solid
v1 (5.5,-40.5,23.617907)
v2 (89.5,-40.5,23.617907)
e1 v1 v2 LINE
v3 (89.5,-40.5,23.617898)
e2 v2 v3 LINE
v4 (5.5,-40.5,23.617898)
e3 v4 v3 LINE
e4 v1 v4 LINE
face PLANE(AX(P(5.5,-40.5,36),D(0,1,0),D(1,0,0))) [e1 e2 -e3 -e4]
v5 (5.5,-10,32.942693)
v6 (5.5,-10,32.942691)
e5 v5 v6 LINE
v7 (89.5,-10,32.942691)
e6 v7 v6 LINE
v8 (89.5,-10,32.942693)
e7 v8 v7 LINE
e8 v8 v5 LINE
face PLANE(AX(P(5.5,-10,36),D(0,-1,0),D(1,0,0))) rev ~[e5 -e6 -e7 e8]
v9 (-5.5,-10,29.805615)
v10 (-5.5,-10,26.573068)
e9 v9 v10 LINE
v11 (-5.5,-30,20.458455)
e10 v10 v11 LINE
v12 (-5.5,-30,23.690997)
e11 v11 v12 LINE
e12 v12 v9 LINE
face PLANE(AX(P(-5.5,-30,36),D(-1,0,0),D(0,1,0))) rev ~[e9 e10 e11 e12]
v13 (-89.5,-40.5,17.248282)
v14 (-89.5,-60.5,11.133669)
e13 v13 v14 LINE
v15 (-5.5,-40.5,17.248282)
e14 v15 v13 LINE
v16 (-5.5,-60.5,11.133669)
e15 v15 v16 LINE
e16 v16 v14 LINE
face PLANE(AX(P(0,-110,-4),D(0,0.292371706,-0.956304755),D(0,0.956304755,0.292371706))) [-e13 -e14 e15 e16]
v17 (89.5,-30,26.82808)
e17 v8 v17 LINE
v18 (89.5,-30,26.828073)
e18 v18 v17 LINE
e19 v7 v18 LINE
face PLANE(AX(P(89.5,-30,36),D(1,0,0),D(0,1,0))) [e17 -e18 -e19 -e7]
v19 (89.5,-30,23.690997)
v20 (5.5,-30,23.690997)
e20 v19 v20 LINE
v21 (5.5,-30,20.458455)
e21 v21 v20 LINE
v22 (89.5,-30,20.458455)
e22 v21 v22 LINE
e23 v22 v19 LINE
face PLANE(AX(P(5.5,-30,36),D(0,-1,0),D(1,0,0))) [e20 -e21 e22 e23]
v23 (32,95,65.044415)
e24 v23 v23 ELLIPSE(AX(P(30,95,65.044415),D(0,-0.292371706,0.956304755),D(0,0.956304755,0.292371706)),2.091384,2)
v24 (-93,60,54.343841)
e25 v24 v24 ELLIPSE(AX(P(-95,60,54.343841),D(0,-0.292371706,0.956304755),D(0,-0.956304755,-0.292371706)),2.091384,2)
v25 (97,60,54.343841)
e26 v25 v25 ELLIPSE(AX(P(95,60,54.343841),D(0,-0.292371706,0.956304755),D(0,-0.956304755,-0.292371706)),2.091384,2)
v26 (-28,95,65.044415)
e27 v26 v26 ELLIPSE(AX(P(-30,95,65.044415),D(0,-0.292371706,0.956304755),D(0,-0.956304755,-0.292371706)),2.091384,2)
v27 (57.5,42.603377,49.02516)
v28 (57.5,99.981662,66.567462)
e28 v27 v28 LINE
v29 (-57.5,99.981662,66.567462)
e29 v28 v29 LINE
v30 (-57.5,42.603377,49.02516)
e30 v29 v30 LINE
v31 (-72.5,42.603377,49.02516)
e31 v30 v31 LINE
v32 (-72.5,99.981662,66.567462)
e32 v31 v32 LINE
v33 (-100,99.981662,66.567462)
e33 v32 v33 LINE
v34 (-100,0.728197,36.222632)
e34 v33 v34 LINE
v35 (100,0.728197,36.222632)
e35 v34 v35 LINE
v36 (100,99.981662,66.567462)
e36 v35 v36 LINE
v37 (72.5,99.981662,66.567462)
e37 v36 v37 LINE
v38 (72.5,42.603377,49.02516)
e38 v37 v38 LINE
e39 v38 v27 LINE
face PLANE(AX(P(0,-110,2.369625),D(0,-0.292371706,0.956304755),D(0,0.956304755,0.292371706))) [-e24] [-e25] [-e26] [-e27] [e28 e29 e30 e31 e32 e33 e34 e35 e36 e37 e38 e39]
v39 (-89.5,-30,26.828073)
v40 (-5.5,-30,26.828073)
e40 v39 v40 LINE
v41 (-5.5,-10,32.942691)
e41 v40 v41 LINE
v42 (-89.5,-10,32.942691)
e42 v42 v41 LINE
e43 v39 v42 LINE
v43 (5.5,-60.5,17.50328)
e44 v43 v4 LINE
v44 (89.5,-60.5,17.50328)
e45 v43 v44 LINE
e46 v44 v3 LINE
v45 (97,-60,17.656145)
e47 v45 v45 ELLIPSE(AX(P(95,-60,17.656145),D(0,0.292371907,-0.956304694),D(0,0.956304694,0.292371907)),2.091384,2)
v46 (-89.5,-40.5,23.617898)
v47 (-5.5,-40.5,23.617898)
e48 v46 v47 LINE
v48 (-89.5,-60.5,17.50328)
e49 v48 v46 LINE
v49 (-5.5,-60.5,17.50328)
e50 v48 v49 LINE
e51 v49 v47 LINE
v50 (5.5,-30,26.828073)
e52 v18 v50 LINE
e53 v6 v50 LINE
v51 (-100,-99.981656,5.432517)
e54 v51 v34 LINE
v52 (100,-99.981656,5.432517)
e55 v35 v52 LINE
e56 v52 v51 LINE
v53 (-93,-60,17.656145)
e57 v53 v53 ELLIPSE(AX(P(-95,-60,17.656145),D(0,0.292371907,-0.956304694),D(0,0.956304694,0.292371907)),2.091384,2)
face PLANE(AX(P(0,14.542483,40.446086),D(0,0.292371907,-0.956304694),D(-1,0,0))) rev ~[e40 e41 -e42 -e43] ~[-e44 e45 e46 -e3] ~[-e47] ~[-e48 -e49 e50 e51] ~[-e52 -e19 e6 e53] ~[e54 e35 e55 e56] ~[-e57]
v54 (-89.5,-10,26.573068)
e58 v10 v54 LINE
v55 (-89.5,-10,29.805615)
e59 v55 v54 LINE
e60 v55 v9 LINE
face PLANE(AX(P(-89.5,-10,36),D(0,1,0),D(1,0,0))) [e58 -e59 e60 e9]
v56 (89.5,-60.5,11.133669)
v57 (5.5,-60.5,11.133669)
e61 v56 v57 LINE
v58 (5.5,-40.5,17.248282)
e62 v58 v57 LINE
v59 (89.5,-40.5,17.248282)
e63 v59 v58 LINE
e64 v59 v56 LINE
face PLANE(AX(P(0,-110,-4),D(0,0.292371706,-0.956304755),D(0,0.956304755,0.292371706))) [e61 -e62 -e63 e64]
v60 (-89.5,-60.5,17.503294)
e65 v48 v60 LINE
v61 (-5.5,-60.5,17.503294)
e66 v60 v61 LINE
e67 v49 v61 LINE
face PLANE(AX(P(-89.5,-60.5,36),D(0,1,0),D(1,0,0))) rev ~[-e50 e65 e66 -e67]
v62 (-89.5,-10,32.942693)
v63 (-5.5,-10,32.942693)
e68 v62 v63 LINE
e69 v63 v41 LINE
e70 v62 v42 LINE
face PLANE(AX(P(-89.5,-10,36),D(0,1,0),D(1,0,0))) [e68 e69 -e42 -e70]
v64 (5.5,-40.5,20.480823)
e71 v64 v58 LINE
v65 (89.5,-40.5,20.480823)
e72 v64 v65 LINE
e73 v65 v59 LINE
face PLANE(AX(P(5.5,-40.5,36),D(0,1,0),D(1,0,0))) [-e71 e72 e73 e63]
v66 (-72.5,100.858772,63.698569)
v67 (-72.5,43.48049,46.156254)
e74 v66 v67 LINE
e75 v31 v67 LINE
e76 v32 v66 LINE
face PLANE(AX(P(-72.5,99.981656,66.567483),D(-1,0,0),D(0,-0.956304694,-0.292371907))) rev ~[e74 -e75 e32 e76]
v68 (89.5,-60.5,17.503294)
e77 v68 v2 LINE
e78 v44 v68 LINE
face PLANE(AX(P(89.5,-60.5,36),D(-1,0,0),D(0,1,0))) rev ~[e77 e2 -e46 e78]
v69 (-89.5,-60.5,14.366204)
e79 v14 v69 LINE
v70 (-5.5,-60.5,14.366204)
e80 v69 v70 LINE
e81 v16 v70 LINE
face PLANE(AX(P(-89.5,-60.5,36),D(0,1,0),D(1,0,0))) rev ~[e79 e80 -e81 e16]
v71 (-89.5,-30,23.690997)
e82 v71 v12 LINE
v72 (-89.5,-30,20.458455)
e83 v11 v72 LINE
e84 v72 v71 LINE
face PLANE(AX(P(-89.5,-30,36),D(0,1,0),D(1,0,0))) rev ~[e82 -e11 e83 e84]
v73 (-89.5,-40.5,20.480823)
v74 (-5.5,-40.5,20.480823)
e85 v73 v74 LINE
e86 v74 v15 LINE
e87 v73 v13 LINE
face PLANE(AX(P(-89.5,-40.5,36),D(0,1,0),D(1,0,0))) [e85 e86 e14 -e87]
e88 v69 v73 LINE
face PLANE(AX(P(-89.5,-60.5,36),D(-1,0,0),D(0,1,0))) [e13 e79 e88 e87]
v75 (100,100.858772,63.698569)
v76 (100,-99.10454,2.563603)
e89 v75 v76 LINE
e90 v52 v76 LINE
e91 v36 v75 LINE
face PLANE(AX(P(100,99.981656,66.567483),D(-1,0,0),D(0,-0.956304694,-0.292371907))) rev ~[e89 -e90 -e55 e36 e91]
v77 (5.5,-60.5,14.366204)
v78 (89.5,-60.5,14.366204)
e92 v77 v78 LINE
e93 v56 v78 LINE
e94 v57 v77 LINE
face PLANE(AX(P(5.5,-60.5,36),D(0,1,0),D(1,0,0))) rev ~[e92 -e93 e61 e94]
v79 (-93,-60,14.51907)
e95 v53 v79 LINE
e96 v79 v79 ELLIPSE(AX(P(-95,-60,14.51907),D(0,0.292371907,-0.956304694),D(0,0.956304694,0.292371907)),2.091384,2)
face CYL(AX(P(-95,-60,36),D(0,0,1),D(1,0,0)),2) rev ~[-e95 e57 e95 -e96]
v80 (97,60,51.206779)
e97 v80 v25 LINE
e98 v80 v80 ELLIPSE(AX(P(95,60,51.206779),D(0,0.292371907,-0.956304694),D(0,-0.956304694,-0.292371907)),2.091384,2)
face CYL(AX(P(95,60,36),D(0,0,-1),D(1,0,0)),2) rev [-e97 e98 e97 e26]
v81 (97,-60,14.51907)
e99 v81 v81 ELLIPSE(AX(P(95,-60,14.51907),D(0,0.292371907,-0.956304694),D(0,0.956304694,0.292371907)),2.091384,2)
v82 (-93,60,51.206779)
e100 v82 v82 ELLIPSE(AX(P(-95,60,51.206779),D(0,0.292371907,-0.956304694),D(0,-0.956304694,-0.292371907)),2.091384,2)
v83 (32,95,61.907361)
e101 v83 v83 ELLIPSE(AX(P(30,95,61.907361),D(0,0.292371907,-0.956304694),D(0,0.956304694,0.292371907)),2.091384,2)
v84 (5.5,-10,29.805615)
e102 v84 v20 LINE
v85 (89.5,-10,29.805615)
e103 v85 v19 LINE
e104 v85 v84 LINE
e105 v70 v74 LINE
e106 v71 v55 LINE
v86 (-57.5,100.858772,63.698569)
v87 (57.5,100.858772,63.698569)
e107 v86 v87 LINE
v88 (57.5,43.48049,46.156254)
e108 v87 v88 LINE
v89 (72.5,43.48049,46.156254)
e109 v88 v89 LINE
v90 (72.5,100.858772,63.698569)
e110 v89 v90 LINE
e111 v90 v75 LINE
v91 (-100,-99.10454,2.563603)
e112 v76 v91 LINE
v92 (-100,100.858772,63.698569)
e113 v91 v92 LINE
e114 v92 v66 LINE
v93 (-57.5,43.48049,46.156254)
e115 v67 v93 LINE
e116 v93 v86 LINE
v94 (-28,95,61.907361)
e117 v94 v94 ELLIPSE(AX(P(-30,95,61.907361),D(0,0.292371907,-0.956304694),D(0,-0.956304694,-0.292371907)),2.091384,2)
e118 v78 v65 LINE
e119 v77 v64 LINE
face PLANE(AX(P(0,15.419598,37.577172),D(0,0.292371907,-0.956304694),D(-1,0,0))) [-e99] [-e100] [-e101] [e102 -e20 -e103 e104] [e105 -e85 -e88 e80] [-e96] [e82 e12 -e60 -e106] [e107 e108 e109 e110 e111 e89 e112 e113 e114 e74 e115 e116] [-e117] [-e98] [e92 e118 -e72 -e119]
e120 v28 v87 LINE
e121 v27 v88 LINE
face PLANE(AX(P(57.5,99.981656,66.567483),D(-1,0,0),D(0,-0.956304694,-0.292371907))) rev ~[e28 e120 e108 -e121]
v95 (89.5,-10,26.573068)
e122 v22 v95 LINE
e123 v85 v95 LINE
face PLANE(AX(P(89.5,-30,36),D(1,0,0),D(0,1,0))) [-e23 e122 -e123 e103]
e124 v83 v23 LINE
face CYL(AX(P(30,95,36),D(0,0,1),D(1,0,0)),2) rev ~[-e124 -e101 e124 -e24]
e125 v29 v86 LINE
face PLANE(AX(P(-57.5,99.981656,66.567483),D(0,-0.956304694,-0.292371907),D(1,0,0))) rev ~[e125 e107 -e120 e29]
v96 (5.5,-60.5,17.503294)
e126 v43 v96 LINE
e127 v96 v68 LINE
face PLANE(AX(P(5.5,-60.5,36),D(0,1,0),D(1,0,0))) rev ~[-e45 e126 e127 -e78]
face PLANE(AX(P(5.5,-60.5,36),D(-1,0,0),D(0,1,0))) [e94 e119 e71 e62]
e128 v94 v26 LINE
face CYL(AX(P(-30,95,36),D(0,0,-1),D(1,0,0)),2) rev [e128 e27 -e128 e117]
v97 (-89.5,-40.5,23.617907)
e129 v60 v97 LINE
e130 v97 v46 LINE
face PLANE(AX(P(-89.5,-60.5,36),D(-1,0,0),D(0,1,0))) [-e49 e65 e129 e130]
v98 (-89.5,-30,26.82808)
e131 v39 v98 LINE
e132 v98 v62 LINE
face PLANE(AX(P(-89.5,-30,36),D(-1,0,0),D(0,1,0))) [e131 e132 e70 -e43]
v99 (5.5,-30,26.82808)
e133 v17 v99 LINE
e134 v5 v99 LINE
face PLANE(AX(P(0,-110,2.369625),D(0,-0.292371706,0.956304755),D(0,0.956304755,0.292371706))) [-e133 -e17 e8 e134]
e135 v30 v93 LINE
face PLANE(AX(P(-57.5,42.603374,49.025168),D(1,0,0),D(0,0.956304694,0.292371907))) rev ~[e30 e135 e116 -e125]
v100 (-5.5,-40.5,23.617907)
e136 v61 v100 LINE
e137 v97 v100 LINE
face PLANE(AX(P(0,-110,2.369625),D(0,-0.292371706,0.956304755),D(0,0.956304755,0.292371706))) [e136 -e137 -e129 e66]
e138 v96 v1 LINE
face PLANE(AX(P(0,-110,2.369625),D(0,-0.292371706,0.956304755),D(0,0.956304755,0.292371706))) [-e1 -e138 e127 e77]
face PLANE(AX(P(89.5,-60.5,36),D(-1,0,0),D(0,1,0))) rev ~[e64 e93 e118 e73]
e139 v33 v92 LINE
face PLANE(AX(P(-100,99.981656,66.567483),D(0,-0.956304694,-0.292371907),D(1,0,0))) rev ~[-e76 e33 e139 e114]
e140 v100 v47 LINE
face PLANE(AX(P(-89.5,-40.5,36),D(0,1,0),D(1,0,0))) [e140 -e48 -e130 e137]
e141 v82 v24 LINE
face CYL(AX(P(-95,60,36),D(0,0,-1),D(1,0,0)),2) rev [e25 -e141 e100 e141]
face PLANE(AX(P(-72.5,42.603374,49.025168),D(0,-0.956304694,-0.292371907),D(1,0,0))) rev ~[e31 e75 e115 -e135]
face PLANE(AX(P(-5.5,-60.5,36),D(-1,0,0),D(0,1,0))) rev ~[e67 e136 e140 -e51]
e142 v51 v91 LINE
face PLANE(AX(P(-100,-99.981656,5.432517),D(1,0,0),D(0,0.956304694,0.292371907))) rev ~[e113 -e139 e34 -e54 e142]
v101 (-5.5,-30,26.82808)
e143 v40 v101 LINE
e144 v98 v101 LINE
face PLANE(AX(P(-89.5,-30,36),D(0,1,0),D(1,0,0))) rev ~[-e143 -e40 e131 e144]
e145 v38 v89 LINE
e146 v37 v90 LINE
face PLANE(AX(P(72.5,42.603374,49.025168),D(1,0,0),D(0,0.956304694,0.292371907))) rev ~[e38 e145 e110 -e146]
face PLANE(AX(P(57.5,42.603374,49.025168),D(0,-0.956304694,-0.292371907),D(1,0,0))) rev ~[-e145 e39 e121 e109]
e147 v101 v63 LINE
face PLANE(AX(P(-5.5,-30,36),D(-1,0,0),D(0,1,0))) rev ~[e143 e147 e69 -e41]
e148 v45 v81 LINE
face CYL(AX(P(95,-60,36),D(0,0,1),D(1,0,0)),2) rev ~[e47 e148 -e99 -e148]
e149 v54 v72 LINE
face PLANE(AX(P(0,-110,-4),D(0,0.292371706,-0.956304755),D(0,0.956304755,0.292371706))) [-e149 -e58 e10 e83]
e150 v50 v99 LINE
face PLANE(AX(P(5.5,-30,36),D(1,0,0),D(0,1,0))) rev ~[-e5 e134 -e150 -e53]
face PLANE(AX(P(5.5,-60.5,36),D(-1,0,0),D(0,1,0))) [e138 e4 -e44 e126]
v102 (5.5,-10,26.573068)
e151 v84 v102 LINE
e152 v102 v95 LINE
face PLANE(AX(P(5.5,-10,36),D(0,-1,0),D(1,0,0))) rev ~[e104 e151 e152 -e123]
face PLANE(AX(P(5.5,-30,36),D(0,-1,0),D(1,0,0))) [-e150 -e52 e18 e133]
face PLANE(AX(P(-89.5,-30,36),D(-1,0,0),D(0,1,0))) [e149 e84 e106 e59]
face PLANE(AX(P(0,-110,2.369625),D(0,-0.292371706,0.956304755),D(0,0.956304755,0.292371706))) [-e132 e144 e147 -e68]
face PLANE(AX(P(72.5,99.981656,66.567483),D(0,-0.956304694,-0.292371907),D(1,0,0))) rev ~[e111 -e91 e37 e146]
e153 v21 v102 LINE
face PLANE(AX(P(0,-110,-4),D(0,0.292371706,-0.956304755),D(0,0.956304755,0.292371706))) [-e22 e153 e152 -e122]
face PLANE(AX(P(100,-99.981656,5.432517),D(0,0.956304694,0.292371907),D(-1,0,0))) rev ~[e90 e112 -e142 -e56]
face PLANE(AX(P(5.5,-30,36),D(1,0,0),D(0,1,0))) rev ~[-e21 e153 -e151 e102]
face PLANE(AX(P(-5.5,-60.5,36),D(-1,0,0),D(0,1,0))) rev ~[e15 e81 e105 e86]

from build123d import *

# Parameters (mm, degrees)
PAD032_DEPTH    = 3
SKETCH060_W     = 84
SKETCH060_H     = 20
PAD031_DEPTH    = 30
SKETCH062_R     = 2
POCKET023_DEPTH = 250
POCKET022_DEPTH = 250


with BuildPart() as part:
    # Sketch063 → Pad032 (new body)
    with BuildSketch(Plane(origin=(0, 0, 0), x_dir=(1, 0, 0), z_dir=(0, -0.292372, 0.956305))):
        Polygon((-100, 104.55), (-72.5, 104.55), (-72.5, 44.55), (-57.5, 44.55), (-57.5, 104.55), (57.5, 104.55), (57.5, 44.55), (72.5, 44.55), (72.5, 104.55), (100, 104.55), (100, -104.55), (-100, -104.55), align=None)
    extrude(amount=-PAD032_DEPTH)

    # Sketch060 → Pad031 (join, symmetric)
    with BuildSketch(Plane.XY):
        with Locations((-47.5, -50.5)):
            Rectangle(SKETCH060_W, SKETCH060_H)
        with Locations((47.5, -50.5)):
            Rectangle(SKETCH060_W, SKETCH060_H)
        with Locations((-47.5, -20)):
            Rectangle(SKETCH060_W, SKETCH060_H)
        with Locations((47.5, -20)):
            Rectangle(SKETCH060_W, SKETCH060_H)
    extrude(amount=PAD031_DEPTH, both=True)

    # Sketch062 → Pocket023 (cut, symmetric)
    with BuildSketch(Plane.XY):
        with Locations((-95, 60)):
            Circle(SKETCH062_R)
        with Locations((-95, -60)):
            Circle(SKETCH062_R)
        with Locations((95, -60)):
            Circle(SKETCH062_R)
        with Locations((95, 60)):
            Circle(SKETCH062_R)
        with Locations((-30, 95)):
            Circle(SKETCH062_R)
        with Locations((30, 95)):
            Circle(SKETCH062_R)
    extrude(amount=POCKET023_DEPTH, both=True, mode=Mode.SUBTRACT)

    # Sketch061 → Pocket022 (cut, symmetric)
    with BuildSketch(Plane.YZ):
        Polygon((-110, -33.630375), (130, 39.744989), (130, 89.744989), (-110, 16.369625), align=None)
        Polygon((-110, -40), (130, 33.375364), (130, -16.624636), (-110, -90), align=None)
    extrude(amount=POCKET022_DEPTH, both=True, mode=Mode.SUBTRACT)


with BuildPart() as part_1:
    # Body012 placement: moved
    add(part.part.moved(Location((0, 0, 36))))


solid = part_1.part
